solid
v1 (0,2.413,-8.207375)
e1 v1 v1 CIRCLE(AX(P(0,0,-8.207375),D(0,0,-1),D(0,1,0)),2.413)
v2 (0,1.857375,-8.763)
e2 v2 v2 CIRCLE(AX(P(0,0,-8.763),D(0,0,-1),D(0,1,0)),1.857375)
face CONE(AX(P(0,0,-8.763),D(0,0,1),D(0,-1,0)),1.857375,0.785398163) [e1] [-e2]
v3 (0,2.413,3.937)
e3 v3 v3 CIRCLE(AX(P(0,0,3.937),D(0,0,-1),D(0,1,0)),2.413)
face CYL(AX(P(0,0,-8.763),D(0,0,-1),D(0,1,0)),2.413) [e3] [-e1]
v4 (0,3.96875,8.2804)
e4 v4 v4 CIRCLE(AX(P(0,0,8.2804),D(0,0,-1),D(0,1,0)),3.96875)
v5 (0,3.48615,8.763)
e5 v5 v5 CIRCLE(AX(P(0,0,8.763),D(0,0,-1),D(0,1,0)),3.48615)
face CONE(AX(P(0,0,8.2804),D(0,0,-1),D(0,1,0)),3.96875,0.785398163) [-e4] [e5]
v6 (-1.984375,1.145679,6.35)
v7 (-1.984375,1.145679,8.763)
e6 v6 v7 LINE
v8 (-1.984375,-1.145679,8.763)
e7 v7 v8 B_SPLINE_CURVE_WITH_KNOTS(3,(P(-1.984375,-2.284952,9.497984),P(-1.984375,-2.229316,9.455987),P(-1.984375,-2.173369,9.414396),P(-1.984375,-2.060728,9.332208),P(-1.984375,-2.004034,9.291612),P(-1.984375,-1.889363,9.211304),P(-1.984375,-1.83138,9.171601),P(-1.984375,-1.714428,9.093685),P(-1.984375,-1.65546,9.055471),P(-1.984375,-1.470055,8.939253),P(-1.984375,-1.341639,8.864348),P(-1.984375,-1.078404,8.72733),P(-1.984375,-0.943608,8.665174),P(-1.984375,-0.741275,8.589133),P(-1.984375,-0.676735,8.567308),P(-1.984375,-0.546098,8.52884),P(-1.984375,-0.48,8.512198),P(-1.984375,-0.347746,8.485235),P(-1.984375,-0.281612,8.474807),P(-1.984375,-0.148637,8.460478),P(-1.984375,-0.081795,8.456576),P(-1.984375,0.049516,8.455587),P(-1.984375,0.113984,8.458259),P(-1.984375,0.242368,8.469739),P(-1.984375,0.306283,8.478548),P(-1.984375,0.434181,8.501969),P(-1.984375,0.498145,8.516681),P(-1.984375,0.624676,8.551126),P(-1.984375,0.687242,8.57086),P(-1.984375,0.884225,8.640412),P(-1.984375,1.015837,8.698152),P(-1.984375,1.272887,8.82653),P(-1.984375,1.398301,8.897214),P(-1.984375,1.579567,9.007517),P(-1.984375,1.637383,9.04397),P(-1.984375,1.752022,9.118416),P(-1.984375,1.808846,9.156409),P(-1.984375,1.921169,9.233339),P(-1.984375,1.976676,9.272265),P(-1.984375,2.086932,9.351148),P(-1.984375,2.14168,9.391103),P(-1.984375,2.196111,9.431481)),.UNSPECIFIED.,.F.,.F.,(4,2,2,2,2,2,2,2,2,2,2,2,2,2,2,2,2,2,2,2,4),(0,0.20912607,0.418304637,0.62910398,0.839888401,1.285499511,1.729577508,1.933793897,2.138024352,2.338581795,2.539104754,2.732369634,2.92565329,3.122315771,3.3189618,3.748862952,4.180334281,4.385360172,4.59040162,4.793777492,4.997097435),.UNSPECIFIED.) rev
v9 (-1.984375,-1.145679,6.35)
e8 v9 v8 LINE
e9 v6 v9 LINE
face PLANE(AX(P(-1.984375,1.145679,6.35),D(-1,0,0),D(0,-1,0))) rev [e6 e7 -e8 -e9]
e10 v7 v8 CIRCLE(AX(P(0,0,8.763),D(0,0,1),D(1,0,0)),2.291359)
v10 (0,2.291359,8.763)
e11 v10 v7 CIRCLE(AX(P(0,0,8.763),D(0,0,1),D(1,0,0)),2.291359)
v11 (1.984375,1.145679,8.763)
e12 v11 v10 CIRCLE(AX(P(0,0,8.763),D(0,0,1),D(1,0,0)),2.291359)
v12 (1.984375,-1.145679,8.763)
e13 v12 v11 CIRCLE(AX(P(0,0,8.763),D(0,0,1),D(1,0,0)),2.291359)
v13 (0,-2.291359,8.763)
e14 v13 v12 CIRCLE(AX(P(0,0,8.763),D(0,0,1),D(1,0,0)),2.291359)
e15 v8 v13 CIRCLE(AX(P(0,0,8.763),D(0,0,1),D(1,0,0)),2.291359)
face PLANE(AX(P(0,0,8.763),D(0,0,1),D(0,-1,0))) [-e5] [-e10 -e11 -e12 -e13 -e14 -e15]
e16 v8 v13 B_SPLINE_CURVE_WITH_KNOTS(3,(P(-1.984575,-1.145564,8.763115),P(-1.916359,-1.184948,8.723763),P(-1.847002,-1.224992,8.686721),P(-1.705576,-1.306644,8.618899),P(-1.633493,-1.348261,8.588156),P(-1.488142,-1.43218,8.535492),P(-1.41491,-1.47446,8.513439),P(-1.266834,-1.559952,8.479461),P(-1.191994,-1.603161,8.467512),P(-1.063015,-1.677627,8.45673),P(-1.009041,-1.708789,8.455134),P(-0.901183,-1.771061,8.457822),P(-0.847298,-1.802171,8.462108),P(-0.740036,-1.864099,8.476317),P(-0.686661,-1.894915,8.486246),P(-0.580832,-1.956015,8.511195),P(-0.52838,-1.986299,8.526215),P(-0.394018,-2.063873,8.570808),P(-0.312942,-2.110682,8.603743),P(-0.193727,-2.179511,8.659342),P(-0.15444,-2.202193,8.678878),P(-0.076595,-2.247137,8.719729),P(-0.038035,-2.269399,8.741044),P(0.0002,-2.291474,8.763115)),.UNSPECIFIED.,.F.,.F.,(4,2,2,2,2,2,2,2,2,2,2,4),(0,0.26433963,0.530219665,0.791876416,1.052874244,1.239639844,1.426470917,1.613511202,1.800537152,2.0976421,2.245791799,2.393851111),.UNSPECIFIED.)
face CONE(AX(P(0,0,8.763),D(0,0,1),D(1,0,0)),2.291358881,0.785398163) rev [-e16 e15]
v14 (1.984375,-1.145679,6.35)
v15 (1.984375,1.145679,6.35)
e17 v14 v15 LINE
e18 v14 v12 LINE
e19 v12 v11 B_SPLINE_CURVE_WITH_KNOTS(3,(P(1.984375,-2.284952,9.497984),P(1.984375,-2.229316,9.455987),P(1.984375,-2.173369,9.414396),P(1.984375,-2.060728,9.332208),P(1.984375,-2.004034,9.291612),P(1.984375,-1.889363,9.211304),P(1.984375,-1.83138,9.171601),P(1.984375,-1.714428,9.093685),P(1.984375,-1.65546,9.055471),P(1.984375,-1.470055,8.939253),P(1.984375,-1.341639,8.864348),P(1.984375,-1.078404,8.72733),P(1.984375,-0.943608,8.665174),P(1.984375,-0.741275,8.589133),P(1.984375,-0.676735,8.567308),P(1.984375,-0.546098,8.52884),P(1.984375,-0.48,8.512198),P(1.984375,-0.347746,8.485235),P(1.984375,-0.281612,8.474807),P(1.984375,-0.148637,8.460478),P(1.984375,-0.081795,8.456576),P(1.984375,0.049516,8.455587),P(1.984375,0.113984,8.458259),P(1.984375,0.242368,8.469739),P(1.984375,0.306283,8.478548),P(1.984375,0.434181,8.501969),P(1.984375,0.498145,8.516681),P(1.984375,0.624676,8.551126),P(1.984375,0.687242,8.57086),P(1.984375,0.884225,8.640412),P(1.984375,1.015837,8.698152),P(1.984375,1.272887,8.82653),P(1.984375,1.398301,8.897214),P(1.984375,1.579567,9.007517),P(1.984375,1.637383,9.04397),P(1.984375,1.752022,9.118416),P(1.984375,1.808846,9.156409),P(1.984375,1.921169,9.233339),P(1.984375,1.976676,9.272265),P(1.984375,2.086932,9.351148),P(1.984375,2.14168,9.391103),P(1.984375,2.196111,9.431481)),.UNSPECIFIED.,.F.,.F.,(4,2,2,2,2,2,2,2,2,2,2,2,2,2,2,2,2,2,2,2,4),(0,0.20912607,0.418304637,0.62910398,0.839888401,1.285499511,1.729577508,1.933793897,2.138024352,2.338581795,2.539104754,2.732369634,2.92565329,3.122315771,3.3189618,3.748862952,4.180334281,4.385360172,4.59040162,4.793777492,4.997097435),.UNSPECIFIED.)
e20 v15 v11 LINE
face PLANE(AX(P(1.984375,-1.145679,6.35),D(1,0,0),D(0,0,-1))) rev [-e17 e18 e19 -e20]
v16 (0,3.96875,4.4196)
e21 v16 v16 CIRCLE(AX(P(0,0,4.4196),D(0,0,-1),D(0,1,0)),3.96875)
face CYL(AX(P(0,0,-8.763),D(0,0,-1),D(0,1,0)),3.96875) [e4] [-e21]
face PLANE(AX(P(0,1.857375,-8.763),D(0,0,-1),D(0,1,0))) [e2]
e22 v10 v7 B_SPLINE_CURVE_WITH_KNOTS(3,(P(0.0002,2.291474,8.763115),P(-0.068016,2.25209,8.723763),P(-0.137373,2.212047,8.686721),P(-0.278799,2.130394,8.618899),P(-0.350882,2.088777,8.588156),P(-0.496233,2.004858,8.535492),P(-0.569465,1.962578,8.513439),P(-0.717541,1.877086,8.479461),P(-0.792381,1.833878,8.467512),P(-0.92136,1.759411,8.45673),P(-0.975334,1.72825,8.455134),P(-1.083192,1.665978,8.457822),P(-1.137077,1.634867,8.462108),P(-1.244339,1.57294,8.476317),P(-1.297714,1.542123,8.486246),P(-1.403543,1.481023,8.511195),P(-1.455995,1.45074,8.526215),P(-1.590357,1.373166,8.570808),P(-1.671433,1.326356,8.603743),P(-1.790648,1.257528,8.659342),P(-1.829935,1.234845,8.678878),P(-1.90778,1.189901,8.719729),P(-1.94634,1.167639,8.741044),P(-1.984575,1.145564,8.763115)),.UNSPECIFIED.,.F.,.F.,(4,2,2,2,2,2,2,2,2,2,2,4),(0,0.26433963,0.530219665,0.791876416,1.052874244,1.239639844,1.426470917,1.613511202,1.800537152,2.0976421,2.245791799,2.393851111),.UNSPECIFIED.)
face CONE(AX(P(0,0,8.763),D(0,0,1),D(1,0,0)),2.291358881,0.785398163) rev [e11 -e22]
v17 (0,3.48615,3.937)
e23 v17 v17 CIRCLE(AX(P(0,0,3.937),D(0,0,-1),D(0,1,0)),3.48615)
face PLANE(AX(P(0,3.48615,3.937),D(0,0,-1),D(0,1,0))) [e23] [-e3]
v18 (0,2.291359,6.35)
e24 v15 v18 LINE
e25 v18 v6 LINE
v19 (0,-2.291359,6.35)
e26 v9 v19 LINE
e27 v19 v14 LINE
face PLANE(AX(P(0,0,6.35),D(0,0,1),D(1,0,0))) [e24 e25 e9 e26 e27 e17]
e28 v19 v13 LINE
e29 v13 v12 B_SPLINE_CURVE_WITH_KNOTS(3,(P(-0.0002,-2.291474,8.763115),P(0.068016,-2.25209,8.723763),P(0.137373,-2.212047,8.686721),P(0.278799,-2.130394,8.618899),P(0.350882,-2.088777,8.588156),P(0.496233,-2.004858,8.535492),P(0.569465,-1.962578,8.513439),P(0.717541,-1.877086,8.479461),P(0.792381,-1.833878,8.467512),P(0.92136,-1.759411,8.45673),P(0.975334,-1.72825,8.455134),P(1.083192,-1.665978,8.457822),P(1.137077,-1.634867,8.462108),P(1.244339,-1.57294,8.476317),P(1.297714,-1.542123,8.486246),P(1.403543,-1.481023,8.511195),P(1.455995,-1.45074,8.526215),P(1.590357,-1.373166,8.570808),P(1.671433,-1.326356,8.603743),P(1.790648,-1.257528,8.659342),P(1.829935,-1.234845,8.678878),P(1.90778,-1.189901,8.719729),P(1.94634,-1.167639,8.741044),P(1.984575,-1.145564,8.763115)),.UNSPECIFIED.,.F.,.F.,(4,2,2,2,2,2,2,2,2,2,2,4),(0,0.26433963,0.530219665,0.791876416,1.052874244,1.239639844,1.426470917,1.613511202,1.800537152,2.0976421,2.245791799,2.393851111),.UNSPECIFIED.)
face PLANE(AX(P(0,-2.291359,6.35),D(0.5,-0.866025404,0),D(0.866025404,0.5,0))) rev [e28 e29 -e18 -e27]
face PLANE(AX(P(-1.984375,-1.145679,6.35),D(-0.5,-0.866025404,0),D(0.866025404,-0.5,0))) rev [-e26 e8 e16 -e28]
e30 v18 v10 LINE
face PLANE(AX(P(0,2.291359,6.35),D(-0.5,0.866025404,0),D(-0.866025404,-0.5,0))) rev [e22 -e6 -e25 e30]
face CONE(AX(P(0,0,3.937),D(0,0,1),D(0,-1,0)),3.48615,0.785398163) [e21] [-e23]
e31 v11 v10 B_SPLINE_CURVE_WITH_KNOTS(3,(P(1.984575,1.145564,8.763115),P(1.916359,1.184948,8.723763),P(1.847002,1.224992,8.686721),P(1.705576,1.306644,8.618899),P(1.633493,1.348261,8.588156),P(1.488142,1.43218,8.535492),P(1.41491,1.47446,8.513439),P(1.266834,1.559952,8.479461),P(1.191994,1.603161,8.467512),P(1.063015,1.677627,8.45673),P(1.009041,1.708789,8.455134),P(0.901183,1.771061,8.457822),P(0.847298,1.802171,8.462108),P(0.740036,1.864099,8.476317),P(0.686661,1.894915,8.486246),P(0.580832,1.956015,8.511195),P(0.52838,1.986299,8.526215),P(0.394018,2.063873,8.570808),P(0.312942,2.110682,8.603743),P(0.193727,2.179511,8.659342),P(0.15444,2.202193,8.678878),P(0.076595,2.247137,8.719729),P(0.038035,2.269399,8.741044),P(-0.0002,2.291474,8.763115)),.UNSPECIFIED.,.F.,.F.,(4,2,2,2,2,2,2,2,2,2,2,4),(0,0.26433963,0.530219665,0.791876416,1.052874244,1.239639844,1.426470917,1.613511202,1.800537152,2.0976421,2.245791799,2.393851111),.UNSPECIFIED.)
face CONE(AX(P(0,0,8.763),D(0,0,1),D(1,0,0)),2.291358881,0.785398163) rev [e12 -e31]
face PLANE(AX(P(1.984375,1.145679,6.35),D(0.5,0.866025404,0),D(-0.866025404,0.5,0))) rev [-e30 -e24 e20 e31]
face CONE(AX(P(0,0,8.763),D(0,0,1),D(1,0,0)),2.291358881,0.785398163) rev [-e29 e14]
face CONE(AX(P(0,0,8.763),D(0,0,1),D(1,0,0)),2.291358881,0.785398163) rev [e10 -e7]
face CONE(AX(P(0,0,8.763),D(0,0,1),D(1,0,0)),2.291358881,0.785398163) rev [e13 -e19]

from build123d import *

# Parameters (mm, degrees)
CUT_EXTRUDE1_DEPTH = 2.413


with BuildPart() as part:
    # Sketch3 → Revolve1 (revolve)
    with BuildSketch(Plane(origin=(0, 0, 0), x_dir=(0, 0, -1), z_dir=(1, 0, 0))):
        Polygon((8.763, 0), (-8.763, 0), (-8.763, 3.48615), (-8.2804, 3.96875), (-4.4196, 3.96875), (-3.937, 3.48615), (-3.937, 2.413), (8.207375, 2.413), (8.763, 1.857375), align=None)
    revolve(axis=Axis((0, 0, -8.763), (0, 0, 1)))

    # Sketch4 → Cut-Extrude1 (cut)
    with BuildSketch(Plane.XY.offset(8.763)):
        Polygon((0, -2.291358881), (1.984375, -1.14567944), (1.984375, 1.14567944), (0, 2.291358881), (-1.984375, 1.14567944), (-1.984375, -1.14567944), align=None)
    extrude(amount=-CUT_EXTRUDE1_DEPTH, mode=Mode.SUBTRACT)

    # Cut-Extrude3 cone 1 section (through the dimple's axis) → Cut-Extrude3 (revolve, cut)
    with BuildSketch(Plane(origin=(0, 0, 8.763), x_dir=(0, -1, 0), z_dir=(1, 0, 0))):
        Polygon((0, 0), (2.291358881, 0), (0, 2.291358881), align=None)
    revolve(axis=Axis((0, 0, 8.763), (0, 0, -1)), mode=Mode.SUBTRACT)


solid = part.part
